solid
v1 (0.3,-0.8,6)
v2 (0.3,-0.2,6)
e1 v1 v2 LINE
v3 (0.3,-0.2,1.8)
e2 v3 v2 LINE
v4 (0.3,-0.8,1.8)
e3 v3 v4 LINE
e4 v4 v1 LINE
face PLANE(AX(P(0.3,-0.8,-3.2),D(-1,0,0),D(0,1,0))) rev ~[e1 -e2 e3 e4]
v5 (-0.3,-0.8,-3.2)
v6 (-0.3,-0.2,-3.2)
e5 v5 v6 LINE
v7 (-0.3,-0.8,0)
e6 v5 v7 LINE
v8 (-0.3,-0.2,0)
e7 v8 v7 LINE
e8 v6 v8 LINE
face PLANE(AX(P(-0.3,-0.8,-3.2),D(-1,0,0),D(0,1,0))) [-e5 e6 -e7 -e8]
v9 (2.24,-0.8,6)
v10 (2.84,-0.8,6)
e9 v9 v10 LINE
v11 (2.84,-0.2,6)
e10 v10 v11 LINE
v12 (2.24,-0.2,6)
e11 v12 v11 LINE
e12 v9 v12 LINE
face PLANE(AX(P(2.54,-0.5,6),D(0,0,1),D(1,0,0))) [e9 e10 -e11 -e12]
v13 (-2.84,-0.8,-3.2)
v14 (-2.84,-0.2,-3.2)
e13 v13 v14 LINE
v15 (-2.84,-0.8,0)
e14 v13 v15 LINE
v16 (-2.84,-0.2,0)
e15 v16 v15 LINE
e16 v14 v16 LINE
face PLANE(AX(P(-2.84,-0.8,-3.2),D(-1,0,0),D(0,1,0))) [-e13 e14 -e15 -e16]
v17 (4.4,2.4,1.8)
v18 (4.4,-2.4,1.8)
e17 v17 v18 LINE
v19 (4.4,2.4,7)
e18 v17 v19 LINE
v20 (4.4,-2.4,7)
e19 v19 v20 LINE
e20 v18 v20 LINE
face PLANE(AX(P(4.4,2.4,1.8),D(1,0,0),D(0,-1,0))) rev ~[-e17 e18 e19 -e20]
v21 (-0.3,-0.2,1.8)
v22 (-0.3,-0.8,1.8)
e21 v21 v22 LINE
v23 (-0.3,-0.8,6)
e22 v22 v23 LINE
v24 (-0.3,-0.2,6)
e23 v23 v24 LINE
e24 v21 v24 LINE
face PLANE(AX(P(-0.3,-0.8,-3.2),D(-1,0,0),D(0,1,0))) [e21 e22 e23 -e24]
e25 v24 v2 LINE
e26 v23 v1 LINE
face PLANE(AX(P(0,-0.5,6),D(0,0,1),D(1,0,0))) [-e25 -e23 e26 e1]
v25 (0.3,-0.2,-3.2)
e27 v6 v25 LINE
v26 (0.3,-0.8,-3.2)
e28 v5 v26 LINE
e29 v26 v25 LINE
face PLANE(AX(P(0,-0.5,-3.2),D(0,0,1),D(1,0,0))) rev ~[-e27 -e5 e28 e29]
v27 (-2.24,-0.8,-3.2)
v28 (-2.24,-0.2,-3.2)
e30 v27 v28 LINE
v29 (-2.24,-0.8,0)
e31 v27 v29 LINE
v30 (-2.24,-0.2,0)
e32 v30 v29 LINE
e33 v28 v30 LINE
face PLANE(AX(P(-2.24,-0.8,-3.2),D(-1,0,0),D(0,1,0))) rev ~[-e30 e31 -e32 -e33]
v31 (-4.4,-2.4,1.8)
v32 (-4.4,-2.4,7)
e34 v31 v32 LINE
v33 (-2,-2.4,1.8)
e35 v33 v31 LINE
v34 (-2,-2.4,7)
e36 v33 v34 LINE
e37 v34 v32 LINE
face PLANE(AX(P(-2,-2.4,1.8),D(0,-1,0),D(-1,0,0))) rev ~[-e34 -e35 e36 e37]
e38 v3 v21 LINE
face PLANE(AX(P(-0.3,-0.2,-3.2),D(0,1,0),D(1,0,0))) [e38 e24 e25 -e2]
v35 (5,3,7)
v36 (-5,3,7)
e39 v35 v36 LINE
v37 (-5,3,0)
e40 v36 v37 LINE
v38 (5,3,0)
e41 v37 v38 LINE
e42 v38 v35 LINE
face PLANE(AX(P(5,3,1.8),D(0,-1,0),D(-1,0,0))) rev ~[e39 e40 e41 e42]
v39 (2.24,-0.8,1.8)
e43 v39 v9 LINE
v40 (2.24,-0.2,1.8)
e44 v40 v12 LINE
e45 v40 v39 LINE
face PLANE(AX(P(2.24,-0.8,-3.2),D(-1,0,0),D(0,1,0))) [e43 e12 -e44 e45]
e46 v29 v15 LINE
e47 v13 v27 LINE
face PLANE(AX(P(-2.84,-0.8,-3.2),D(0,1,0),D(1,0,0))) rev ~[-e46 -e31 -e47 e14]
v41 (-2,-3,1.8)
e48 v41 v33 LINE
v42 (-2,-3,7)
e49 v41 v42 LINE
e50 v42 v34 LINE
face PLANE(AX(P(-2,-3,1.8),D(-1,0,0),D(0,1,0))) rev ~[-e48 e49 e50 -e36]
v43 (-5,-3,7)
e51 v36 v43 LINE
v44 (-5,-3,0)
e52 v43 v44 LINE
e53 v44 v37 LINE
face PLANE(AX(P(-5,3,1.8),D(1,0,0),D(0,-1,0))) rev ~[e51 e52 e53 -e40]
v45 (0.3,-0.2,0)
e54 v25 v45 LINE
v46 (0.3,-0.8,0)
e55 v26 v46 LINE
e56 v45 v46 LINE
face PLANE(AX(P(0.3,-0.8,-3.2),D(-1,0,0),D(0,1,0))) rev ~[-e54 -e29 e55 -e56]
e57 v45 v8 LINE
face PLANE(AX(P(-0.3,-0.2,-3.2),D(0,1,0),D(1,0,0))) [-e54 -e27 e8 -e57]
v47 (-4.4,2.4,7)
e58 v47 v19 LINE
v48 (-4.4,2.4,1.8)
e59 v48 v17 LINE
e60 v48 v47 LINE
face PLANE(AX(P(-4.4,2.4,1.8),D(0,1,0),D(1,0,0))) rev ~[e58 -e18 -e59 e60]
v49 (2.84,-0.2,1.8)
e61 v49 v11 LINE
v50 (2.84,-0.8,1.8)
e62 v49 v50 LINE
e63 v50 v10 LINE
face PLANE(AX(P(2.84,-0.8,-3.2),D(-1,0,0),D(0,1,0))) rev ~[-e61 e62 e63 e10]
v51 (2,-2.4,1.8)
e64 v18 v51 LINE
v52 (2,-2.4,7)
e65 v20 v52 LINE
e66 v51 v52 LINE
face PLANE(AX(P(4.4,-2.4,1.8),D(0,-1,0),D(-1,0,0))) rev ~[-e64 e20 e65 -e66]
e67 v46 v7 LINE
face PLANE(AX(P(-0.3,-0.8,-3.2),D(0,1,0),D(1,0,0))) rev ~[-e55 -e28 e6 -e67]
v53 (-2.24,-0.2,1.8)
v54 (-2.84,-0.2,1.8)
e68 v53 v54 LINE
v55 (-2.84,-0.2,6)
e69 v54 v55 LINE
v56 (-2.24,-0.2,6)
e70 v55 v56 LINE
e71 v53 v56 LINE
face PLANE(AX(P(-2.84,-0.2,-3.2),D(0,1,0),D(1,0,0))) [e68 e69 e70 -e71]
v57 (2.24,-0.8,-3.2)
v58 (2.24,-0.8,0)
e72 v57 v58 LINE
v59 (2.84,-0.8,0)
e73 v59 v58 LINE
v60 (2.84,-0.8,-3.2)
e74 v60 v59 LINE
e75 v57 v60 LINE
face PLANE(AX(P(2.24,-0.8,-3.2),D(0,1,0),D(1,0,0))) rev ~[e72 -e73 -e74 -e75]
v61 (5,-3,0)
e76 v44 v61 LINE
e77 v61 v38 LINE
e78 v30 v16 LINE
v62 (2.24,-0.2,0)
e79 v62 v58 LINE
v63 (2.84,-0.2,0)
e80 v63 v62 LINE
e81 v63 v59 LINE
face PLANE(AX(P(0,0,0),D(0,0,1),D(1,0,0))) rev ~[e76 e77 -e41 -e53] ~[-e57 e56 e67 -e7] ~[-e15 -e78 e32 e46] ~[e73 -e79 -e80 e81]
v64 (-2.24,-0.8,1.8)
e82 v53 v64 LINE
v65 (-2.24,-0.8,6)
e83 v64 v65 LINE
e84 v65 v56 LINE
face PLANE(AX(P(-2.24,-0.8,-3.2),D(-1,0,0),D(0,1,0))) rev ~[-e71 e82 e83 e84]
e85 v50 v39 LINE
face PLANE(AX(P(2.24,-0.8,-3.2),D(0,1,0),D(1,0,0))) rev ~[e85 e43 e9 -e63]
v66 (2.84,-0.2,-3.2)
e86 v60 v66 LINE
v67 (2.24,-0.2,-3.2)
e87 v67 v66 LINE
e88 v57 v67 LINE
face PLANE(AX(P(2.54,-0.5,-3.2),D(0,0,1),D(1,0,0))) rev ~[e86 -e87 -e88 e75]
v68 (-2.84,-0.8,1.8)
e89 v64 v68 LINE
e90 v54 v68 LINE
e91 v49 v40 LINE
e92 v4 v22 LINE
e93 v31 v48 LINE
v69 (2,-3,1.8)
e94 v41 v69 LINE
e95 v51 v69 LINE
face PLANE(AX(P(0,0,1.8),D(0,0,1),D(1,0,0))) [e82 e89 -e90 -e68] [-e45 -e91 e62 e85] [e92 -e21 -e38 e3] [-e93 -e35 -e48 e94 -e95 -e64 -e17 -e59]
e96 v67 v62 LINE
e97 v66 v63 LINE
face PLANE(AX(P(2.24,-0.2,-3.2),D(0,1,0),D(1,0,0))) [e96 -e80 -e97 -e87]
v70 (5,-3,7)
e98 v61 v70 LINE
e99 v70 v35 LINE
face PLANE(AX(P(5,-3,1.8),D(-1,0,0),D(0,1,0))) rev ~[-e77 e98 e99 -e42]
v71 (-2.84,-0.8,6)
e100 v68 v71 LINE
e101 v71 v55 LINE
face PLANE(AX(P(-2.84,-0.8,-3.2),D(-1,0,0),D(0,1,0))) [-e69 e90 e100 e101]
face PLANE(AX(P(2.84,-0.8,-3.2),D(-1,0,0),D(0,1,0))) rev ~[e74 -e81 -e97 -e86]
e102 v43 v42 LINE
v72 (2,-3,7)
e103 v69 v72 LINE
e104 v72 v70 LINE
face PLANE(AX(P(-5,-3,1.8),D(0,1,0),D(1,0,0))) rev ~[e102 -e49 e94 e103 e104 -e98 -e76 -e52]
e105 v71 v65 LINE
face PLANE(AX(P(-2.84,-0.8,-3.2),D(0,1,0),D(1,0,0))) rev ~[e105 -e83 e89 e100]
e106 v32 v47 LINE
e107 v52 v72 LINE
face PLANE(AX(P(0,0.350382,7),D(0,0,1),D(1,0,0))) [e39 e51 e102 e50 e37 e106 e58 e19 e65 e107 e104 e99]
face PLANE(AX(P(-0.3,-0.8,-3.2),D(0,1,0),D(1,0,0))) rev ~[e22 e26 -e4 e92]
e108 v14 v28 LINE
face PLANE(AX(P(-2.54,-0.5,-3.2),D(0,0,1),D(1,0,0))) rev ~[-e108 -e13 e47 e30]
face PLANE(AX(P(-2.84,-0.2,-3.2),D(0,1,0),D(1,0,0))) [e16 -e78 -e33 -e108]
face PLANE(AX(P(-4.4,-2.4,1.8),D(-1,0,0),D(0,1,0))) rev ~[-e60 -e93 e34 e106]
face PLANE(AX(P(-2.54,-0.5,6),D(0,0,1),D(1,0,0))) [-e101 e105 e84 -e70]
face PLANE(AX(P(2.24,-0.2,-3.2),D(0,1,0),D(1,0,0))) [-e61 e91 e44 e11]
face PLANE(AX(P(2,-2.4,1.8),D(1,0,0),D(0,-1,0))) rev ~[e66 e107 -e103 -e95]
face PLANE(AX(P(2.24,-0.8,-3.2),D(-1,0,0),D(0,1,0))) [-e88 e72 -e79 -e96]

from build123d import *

# Parameters (mm, degrees)
SKETCH1_W           = 10
SKETCH1_H           = 6
BOSS_EXTRUDE1_DEPTH = 1.8
BOSS_EXTRUDE2_DEPTH = 5.2
BOSS_EXTRUDE3_START = -5
SKETCH3_W           = 0.6
SKETCH3_H           = 0.6
BOSS_EXTRUDE3_DEPTH = 9.2
LPATTERN1_COUNT     = 3
LPATTERN1_PITCH     = 2.54


with BuildPart() as part:
    # Sketch1 → Boss-Extrude1 (new body)
    with BuildSketch(Plane.XY):
        Rectangle(SKETCH1_W, SKETCH1_H)
    extrude(amount=BOSS_EXTRUDE1_DEPTH)

    # Sketch2 → Boss-Extrude2 (add)
    with BuildSketch(Plane.XY.offset(1.8)):
        Polygon((-2, -3), (-2, -2.4), (-4.4, -2.4), (-4.4, 2.4), (4.4, 2.4), (4.4, -2.4), (2, -2.4), (2, -3), (5, -3), (5, 3), (-5, 3), (-5, -3), align=None)
    extrude(amount=BOSS_EXTRUDE2_DEPTH)

    # Sketch3 → Boss-Extrude3 (add)
    with BuildSketch(Plane.XY.offset(1.8).offset(BOSS_EXTRUDE3_START)):
        with Locations((-2.54, -0.5)):
            Rectangle(SKETCH3_W, SKETCH3_H)
    boss_extrude3 = extrude(amount=BOSS_EXTRUDE3_DEPTH)

    # LPattern1: Boss-Extrude3 ×3
    with Locations(*[(i * LPATTERN1_PITCH, 0, 0) for i in range(1, LPATTERN1_COUNT)]):
        add(boss_extrude3)


solid = part.part
